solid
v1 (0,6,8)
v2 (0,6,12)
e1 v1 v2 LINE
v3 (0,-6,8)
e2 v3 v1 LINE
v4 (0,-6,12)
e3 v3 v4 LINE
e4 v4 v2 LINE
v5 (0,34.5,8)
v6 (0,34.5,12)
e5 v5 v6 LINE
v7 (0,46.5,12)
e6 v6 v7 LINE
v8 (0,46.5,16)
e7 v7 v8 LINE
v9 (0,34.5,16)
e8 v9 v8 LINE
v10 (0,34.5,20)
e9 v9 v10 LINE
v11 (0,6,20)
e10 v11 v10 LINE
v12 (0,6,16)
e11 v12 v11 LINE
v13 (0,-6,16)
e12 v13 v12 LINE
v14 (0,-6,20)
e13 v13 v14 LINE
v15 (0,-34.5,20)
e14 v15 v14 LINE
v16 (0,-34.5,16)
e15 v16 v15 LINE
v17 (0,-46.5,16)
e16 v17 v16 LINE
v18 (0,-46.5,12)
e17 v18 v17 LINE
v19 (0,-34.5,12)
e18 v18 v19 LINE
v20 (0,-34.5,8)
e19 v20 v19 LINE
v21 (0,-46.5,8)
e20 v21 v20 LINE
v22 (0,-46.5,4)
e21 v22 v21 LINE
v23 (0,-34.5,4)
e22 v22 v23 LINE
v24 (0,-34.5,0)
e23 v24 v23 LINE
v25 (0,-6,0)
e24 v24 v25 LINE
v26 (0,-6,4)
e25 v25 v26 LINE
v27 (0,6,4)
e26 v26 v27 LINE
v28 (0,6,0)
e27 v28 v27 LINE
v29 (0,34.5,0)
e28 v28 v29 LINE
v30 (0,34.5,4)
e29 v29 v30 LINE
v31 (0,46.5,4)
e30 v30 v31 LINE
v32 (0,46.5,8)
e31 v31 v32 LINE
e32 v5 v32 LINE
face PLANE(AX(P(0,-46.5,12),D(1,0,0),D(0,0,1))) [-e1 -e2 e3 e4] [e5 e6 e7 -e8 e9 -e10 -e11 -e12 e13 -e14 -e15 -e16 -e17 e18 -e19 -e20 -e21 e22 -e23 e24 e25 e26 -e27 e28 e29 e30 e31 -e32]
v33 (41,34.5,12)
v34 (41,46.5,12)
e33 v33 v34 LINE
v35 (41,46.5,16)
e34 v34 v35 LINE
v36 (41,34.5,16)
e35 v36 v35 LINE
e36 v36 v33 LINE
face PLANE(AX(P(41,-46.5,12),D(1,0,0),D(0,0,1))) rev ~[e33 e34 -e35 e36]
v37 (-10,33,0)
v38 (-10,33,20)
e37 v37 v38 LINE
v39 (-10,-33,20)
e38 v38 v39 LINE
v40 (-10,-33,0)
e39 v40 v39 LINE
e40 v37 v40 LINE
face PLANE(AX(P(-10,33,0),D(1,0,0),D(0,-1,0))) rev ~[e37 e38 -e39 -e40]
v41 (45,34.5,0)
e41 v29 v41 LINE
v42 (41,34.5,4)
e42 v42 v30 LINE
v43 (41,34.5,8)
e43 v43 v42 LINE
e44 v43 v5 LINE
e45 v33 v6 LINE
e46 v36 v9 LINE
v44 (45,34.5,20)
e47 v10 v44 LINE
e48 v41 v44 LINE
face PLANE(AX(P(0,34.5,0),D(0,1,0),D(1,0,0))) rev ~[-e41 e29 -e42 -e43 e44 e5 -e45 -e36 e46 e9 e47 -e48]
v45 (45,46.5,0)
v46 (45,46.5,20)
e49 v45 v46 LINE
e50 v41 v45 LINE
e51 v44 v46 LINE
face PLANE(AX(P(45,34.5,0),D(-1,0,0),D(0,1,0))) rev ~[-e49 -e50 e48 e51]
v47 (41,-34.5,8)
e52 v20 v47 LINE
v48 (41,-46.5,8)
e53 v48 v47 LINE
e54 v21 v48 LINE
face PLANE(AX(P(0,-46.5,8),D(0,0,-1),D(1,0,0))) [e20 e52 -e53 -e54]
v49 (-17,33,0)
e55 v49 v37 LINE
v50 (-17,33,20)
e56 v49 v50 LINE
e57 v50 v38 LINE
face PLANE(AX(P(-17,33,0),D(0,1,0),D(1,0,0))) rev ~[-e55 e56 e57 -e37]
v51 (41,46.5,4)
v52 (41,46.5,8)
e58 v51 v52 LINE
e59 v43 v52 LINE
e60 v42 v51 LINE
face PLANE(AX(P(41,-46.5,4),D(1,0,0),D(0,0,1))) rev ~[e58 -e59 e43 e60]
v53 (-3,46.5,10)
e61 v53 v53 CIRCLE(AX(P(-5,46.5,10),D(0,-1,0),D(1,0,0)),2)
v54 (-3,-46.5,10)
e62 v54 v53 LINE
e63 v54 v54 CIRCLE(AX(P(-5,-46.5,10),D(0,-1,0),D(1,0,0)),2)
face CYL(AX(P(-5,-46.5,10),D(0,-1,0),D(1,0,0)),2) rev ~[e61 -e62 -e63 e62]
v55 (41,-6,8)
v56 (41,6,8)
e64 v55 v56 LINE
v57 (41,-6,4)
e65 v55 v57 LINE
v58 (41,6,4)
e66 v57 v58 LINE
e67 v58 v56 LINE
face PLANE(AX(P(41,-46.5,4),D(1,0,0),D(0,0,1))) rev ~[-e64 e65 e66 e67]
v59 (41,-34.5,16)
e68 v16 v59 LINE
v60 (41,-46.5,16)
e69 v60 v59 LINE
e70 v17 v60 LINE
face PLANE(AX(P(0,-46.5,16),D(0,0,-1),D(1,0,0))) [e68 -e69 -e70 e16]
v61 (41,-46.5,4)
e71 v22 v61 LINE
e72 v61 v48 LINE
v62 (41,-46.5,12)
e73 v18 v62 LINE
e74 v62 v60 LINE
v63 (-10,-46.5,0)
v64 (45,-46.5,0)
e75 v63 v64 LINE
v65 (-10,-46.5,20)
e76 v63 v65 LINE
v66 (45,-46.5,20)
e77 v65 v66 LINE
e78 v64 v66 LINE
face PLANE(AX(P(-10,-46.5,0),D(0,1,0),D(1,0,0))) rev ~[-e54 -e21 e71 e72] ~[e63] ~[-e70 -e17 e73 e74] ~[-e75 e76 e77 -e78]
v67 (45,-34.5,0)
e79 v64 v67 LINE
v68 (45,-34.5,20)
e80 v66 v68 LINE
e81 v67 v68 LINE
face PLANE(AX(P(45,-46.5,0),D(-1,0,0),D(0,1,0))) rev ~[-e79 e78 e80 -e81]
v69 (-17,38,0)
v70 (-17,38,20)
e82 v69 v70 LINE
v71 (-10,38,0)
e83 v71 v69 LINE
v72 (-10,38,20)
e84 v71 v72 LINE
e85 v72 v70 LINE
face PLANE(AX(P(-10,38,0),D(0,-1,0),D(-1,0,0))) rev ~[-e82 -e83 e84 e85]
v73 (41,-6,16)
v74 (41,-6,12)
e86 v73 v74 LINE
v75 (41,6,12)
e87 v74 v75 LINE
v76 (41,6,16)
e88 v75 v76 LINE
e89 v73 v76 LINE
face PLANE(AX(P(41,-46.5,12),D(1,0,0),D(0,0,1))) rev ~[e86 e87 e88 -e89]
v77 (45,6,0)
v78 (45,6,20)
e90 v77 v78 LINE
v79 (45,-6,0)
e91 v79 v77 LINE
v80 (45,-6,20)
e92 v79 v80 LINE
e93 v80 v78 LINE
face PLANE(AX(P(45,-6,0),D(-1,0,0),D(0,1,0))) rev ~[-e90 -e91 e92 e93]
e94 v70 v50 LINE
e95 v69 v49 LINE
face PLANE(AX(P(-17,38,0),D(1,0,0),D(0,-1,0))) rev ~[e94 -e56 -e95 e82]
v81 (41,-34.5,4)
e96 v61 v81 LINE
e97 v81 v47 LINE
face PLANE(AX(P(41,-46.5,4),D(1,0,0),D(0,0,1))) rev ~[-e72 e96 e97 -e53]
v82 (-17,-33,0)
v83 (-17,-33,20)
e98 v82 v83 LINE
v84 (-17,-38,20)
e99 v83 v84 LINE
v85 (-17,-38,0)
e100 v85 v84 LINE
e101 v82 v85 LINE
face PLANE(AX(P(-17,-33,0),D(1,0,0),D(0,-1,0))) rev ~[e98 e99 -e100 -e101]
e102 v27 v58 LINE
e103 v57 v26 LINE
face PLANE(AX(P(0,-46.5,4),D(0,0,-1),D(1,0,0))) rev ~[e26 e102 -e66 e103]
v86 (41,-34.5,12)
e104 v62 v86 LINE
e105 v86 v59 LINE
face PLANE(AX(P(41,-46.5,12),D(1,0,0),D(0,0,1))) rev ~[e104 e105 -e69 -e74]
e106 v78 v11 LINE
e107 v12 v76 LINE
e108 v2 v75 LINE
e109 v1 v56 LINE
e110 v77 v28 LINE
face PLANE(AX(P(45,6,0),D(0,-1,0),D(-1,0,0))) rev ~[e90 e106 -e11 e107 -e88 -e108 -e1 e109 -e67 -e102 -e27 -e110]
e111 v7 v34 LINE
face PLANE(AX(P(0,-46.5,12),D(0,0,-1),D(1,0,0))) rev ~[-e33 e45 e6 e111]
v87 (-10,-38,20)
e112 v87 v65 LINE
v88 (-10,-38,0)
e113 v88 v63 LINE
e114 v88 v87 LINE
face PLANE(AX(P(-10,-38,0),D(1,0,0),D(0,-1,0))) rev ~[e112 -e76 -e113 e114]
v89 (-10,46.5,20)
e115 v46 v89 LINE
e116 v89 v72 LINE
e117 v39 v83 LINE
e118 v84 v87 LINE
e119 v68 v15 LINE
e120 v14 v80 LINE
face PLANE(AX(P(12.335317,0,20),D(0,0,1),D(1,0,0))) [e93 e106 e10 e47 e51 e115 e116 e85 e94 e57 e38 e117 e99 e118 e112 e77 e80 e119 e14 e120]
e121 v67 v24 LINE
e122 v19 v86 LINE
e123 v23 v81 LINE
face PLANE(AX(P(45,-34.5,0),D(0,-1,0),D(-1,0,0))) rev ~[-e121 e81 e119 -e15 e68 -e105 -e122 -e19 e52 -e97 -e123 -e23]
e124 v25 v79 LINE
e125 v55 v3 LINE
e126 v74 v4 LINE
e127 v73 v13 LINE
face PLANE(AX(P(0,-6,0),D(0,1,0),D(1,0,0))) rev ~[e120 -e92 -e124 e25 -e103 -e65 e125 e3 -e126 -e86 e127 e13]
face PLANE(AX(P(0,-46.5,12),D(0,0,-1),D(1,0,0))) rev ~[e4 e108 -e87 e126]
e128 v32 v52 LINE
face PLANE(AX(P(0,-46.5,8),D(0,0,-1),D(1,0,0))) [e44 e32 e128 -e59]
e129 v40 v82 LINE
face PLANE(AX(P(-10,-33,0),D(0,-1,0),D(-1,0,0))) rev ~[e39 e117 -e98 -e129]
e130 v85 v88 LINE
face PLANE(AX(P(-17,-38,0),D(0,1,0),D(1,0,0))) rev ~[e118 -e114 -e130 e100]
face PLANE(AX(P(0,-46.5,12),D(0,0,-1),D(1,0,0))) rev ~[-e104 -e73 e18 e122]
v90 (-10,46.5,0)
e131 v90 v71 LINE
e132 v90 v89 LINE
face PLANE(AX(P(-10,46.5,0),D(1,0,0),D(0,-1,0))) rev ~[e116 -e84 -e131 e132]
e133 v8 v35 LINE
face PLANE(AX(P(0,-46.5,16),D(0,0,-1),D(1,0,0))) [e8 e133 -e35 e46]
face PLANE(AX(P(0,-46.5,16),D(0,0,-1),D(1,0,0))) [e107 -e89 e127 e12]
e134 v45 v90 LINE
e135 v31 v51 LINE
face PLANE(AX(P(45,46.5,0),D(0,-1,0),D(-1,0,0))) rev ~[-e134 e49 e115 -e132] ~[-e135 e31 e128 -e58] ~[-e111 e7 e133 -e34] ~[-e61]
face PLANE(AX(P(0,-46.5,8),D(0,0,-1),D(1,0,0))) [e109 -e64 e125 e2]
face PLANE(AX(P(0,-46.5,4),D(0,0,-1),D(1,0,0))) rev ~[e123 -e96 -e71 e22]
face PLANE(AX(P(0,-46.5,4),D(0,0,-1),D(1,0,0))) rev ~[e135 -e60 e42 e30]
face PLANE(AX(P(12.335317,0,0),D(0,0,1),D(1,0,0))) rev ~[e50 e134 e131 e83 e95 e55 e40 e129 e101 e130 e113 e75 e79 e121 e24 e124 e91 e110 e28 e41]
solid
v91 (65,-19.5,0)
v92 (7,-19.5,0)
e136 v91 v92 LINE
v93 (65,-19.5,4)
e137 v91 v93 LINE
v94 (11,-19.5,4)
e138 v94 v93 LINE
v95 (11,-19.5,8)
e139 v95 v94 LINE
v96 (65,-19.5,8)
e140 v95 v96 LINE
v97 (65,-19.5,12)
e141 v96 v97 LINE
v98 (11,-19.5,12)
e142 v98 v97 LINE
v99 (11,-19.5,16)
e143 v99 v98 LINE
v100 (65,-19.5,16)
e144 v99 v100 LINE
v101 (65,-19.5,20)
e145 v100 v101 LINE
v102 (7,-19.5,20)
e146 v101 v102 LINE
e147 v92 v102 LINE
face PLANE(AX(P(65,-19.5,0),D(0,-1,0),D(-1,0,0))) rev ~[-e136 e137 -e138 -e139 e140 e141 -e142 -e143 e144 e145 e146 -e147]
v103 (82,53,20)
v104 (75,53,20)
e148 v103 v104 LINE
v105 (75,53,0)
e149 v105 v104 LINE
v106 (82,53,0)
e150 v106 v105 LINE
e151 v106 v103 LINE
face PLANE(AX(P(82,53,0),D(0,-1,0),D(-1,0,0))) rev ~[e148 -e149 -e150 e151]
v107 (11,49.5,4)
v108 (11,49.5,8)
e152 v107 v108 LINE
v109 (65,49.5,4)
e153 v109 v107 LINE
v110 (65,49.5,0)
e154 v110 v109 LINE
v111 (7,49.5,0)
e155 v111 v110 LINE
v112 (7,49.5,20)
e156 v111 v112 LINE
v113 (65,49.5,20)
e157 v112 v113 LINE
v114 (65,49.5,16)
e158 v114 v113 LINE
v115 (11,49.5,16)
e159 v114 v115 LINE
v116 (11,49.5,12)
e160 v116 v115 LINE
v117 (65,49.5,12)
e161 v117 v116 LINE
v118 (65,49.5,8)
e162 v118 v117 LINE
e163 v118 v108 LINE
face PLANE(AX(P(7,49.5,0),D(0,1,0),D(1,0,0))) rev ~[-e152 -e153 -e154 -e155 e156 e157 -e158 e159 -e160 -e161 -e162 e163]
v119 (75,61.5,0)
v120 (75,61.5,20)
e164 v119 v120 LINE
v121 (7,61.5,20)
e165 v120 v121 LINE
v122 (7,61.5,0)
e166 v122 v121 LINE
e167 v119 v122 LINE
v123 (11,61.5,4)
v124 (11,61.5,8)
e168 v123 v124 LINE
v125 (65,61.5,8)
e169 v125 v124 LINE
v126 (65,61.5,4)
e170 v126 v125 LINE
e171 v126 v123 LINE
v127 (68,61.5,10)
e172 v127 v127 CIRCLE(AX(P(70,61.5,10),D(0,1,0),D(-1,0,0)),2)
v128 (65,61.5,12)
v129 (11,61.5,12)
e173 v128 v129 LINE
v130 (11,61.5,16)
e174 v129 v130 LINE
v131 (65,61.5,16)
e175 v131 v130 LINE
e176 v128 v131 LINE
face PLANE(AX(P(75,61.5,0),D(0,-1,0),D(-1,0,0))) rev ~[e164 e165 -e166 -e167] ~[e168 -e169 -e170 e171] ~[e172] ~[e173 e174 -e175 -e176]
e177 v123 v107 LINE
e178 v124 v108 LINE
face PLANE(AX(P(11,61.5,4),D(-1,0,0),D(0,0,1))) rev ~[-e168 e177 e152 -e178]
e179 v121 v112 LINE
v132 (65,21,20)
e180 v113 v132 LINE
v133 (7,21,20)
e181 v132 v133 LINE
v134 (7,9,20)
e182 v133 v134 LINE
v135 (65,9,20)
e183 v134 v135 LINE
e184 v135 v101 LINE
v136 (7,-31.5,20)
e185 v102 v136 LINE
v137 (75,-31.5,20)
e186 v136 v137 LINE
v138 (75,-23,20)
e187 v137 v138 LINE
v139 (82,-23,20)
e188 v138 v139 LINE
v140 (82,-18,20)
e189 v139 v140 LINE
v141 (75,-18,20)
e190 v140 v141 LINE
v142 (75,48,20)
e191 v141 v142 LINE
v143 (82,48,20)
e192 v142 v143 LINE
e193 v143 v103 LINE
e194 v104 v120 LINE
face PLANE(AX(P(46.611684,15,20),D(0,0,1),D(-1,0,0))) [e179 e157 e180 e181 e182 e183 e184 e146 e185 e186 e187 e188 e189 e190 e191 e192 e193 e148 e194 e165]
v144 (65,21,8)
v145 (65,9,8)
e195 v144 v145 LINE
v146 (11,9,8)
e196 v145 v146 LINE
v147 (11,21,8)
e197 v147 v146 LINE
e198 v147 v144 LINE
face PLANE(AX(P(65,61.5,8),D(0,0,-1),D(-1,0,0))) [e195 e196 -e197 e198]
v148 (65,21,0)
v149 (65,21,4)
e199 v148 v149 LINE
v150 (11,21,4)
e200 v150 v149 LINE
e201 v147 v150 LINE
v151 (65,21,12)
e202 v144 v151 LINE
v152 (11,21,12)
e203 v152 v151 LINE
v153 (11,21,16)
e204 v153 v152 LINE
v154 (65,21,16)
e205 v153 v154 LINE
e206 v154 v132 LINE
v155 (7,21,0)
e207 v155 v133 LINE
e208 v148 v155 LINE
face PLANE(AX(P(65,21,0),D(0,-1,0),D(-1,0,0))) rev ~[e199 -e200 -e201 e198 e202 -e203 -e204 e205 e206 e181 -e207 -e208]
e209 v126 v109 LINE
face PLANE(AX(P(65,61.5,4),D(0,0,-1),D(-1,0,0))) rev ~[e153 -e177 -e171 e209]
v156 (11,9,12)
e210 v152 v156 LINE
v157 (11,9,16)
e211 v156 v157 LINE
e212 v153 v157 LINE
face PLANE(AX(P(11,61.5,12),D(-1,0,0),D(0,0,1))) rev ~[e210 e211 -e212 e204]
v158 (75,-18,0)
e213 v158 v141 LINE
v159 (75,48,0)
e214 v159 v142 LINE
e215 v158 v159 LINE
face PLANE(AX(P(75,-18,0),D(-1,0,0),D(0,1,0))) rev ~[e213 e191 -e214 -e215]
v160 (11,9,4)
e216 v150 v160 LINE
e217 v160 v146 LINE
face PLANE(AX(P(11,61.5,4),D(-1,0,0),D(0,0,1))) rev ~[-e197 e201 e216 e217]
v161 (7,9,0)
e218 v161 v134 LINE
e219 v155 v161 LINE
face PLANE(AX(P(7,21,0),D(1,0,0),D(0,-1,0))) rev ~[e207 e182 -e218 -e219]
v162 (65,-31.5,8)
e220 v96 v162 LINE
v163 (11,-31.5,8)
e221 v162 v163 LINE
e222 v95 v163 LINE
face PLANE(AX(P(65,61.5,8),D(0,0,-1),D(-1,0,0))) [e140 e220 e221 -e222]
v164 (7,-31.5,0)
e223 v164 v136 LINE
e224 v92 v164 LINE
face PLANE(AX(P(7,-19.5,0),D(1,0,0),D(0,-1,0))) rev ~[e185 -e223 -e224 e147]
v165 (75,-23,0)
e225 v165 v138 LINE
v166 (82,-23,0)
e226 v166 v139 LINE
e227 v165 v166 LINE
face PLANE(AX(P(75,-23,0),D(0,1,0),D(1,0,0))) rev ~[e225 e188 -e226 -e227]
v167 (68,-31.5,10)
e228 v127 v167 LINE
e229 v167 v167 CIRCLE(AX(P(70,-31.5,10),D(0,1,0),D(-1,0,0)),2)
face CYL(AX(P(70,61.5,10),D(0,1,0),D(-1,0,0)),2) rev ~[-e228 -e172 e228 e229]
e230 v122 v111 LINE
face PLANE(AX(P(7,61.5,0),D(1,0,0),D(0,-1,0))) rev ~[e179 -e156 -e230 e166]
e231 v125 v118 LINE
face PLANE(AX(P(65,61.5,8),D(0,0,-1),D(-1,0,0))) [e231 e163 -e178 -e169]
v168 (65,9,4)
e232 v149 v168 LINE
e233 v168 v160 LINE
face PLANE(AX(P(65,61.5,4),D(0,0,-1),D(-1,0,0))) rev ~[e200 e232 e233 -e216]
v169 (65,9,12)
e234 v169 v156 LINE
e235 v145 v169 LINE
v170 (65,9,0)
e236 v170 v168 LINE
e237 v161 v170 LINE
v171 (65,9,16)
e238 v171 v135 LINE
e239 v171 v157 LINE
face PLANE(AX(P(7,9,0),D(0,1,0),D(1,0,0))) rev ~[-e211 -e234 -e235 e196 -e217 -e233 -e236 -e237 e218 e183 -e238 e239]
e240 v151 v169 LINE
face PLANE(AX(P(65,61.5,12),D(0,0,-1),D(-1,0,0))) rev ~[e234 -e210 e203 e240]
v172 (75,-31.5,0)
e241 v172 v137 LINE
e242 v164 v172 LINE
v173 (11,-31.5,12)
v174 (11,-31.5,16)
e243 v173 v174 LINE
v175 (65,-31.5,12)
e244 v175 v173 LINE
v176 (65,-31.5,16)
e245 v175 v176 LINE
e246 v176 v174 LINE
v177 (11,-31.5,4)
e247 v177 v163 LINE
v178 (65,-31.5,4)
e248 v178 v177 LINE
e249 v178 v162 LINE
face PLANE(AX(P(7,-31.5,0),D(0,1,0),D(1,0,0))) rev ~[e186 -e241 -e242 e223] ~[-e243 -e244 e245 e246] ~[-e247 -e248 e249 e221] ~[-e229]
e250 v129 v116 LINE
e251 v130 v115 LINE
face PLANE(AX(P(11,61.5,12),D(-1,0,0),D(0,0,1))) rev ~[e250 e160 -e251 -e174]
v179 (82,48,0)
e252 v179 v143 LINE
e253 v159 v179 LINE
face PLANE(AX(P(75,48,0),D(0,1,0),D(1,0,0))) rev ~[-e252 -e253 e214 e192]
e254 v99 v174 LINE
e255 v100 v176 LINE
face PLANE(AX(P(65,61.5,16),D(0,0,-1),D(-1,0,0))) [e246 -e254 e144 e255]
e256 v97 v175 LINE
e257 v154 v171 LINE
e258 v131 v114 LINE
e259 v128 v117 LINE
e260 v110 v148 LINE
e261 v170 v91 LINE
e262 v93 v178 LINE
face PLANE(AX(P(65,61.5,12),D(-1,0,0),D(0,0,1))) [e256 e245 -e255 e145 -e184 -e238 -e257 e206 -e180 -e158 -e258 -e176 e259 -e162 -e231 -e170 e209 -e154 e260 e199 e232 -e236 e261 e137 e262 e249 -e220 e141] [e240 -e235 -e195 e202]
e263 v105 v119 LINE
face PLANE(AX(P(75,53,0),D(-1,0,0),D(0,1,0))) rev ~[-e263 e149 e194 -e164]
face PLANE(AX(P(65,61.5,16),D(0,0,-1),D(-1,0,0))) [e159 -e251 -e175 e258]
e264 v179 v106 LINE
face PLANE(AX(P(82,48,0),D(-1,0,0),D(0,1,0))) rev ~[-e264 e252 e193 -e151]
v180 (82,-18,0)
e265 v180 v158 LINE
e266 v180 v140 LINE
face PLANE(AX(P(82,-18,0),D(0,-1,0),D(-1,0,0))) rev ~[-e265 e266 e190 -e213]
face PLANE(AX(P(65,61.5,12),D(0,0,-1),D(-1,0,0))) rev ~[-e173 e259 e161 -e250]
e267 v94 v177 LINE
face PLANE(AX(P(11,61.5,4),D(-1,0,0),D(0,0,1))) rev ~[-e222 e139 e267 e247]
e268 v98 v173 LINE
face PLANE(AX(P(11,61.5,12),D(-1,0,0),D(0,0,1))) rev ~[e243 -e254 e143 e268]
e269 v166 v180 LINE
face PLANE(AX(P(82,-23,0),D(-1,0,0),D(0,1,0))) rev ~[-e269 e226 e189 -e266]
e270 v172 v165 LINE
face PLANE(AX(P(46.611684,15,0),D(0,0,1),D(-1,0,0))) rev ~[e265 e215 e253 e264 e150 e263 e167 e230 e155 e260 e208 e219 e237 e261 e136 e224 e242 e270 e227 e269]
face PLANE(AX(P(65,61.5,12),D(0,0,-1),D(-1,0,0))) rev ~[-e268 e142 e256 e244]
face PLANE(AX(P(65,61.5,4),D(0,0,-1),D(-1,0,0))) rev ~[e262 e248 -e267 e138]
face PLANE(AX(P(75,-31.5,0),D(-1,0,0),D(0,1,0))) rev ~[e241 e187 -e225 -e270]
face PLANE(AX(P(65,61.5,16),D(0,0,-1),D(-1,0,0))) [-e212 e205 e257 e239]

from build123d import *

# Parameters (mm, degrees)
PAD_DEPTH       = 20
SKETCH001_R     = 2
SKETCH001_W     = 41
SKETCH001_H     = 4
POCKET_DEPTH    = 93.001
PAD001_DEPTH    = 20
SKETCH003_R     = 2
SKETCH003_W     = 54
SKETCH003_H     = 4
POCKET001_DEPTH = 93.001


with BuildPart() as soporte_aligerado:
    # Sketch → Pad (new body)
    with BuildSketch(Plane.XY):
        Polygon((-10, -46.5), (45, -46.5), (45, -34.5), (0, -34.5), (0, -6), (45, -6), (45, 6), (0, 6), (0, 34.5), (45, 34.5), (45, 46.5), (-10, 46.5), (-10, 38), (-17, 38), (-17, 33), (-10, 33), (-10, -33), (-17, -33), (-17, -38), (-10, -38), align=None)
    extrude(amount=PAD_DEPTH)

    # Sketch001 → Pocket (cut, through all)
    with BuildSketch(Plane.XZ.offset(46.5)):
        with Locations((-5, 10)):
            Circle(SKETCH001_R)
        with Locations((20.5, 14)):
            Rectangle(SKETCH001_W, SKETCH001_H)
        with Locations((20.5, 6)):
            Rectangle(SKETCH001_W, SKETCH001_H)
    extrude(amount=-POCKET_DEPTH, mode=Mode.SUBTRACT)


with BuildPart() as soporte_aligerado001:
    # Sketch002 → Pad001 (new body)
    with BuildSketch(Plane(origin=(65, 15, 0), x_dir=(-1, 0, 0), z_dir=(0, 0, 1))):
        Polygon((-10, -46.5), (58, -46.5), (58, -34.5), (0, -34.5), (0, -6), (58, -6), (58, 6), (0, 6), (0, 34.5), (58, 34.5), (58, 46.5), (-10, 46.5), (-10, 38), (-17, 38), (-17, 33), (-10, 33), (-10, -33), (-17, -33), (-17, -38), (-10, -38), align=None)
    extrude(amount=PAD001_DEPTH)

    # Sketch003 → Pocket001 (cut, through all)
    with BuildSketch(Plane(origin=(65, 61.5, 0), x_dir=(-1, 0, 0), z_dir=(0, 1, 0))):
        with Locations((-5, 10)):
            Circle(SKETCH003_R)
        with Locations((27, 14)):
            Rectangle(SKETCH003_W, SKETCH003_H)
        with Locations((27, 6)):
            Rectangle(SKETCH003_W, SKETCH003_H)
    extrude(amount=-POCKET001_DEPTH, mode=Mode.SUBTRACT)


solid = Compound([soporte_aligerado.part, soporte_aligerado001.part])
